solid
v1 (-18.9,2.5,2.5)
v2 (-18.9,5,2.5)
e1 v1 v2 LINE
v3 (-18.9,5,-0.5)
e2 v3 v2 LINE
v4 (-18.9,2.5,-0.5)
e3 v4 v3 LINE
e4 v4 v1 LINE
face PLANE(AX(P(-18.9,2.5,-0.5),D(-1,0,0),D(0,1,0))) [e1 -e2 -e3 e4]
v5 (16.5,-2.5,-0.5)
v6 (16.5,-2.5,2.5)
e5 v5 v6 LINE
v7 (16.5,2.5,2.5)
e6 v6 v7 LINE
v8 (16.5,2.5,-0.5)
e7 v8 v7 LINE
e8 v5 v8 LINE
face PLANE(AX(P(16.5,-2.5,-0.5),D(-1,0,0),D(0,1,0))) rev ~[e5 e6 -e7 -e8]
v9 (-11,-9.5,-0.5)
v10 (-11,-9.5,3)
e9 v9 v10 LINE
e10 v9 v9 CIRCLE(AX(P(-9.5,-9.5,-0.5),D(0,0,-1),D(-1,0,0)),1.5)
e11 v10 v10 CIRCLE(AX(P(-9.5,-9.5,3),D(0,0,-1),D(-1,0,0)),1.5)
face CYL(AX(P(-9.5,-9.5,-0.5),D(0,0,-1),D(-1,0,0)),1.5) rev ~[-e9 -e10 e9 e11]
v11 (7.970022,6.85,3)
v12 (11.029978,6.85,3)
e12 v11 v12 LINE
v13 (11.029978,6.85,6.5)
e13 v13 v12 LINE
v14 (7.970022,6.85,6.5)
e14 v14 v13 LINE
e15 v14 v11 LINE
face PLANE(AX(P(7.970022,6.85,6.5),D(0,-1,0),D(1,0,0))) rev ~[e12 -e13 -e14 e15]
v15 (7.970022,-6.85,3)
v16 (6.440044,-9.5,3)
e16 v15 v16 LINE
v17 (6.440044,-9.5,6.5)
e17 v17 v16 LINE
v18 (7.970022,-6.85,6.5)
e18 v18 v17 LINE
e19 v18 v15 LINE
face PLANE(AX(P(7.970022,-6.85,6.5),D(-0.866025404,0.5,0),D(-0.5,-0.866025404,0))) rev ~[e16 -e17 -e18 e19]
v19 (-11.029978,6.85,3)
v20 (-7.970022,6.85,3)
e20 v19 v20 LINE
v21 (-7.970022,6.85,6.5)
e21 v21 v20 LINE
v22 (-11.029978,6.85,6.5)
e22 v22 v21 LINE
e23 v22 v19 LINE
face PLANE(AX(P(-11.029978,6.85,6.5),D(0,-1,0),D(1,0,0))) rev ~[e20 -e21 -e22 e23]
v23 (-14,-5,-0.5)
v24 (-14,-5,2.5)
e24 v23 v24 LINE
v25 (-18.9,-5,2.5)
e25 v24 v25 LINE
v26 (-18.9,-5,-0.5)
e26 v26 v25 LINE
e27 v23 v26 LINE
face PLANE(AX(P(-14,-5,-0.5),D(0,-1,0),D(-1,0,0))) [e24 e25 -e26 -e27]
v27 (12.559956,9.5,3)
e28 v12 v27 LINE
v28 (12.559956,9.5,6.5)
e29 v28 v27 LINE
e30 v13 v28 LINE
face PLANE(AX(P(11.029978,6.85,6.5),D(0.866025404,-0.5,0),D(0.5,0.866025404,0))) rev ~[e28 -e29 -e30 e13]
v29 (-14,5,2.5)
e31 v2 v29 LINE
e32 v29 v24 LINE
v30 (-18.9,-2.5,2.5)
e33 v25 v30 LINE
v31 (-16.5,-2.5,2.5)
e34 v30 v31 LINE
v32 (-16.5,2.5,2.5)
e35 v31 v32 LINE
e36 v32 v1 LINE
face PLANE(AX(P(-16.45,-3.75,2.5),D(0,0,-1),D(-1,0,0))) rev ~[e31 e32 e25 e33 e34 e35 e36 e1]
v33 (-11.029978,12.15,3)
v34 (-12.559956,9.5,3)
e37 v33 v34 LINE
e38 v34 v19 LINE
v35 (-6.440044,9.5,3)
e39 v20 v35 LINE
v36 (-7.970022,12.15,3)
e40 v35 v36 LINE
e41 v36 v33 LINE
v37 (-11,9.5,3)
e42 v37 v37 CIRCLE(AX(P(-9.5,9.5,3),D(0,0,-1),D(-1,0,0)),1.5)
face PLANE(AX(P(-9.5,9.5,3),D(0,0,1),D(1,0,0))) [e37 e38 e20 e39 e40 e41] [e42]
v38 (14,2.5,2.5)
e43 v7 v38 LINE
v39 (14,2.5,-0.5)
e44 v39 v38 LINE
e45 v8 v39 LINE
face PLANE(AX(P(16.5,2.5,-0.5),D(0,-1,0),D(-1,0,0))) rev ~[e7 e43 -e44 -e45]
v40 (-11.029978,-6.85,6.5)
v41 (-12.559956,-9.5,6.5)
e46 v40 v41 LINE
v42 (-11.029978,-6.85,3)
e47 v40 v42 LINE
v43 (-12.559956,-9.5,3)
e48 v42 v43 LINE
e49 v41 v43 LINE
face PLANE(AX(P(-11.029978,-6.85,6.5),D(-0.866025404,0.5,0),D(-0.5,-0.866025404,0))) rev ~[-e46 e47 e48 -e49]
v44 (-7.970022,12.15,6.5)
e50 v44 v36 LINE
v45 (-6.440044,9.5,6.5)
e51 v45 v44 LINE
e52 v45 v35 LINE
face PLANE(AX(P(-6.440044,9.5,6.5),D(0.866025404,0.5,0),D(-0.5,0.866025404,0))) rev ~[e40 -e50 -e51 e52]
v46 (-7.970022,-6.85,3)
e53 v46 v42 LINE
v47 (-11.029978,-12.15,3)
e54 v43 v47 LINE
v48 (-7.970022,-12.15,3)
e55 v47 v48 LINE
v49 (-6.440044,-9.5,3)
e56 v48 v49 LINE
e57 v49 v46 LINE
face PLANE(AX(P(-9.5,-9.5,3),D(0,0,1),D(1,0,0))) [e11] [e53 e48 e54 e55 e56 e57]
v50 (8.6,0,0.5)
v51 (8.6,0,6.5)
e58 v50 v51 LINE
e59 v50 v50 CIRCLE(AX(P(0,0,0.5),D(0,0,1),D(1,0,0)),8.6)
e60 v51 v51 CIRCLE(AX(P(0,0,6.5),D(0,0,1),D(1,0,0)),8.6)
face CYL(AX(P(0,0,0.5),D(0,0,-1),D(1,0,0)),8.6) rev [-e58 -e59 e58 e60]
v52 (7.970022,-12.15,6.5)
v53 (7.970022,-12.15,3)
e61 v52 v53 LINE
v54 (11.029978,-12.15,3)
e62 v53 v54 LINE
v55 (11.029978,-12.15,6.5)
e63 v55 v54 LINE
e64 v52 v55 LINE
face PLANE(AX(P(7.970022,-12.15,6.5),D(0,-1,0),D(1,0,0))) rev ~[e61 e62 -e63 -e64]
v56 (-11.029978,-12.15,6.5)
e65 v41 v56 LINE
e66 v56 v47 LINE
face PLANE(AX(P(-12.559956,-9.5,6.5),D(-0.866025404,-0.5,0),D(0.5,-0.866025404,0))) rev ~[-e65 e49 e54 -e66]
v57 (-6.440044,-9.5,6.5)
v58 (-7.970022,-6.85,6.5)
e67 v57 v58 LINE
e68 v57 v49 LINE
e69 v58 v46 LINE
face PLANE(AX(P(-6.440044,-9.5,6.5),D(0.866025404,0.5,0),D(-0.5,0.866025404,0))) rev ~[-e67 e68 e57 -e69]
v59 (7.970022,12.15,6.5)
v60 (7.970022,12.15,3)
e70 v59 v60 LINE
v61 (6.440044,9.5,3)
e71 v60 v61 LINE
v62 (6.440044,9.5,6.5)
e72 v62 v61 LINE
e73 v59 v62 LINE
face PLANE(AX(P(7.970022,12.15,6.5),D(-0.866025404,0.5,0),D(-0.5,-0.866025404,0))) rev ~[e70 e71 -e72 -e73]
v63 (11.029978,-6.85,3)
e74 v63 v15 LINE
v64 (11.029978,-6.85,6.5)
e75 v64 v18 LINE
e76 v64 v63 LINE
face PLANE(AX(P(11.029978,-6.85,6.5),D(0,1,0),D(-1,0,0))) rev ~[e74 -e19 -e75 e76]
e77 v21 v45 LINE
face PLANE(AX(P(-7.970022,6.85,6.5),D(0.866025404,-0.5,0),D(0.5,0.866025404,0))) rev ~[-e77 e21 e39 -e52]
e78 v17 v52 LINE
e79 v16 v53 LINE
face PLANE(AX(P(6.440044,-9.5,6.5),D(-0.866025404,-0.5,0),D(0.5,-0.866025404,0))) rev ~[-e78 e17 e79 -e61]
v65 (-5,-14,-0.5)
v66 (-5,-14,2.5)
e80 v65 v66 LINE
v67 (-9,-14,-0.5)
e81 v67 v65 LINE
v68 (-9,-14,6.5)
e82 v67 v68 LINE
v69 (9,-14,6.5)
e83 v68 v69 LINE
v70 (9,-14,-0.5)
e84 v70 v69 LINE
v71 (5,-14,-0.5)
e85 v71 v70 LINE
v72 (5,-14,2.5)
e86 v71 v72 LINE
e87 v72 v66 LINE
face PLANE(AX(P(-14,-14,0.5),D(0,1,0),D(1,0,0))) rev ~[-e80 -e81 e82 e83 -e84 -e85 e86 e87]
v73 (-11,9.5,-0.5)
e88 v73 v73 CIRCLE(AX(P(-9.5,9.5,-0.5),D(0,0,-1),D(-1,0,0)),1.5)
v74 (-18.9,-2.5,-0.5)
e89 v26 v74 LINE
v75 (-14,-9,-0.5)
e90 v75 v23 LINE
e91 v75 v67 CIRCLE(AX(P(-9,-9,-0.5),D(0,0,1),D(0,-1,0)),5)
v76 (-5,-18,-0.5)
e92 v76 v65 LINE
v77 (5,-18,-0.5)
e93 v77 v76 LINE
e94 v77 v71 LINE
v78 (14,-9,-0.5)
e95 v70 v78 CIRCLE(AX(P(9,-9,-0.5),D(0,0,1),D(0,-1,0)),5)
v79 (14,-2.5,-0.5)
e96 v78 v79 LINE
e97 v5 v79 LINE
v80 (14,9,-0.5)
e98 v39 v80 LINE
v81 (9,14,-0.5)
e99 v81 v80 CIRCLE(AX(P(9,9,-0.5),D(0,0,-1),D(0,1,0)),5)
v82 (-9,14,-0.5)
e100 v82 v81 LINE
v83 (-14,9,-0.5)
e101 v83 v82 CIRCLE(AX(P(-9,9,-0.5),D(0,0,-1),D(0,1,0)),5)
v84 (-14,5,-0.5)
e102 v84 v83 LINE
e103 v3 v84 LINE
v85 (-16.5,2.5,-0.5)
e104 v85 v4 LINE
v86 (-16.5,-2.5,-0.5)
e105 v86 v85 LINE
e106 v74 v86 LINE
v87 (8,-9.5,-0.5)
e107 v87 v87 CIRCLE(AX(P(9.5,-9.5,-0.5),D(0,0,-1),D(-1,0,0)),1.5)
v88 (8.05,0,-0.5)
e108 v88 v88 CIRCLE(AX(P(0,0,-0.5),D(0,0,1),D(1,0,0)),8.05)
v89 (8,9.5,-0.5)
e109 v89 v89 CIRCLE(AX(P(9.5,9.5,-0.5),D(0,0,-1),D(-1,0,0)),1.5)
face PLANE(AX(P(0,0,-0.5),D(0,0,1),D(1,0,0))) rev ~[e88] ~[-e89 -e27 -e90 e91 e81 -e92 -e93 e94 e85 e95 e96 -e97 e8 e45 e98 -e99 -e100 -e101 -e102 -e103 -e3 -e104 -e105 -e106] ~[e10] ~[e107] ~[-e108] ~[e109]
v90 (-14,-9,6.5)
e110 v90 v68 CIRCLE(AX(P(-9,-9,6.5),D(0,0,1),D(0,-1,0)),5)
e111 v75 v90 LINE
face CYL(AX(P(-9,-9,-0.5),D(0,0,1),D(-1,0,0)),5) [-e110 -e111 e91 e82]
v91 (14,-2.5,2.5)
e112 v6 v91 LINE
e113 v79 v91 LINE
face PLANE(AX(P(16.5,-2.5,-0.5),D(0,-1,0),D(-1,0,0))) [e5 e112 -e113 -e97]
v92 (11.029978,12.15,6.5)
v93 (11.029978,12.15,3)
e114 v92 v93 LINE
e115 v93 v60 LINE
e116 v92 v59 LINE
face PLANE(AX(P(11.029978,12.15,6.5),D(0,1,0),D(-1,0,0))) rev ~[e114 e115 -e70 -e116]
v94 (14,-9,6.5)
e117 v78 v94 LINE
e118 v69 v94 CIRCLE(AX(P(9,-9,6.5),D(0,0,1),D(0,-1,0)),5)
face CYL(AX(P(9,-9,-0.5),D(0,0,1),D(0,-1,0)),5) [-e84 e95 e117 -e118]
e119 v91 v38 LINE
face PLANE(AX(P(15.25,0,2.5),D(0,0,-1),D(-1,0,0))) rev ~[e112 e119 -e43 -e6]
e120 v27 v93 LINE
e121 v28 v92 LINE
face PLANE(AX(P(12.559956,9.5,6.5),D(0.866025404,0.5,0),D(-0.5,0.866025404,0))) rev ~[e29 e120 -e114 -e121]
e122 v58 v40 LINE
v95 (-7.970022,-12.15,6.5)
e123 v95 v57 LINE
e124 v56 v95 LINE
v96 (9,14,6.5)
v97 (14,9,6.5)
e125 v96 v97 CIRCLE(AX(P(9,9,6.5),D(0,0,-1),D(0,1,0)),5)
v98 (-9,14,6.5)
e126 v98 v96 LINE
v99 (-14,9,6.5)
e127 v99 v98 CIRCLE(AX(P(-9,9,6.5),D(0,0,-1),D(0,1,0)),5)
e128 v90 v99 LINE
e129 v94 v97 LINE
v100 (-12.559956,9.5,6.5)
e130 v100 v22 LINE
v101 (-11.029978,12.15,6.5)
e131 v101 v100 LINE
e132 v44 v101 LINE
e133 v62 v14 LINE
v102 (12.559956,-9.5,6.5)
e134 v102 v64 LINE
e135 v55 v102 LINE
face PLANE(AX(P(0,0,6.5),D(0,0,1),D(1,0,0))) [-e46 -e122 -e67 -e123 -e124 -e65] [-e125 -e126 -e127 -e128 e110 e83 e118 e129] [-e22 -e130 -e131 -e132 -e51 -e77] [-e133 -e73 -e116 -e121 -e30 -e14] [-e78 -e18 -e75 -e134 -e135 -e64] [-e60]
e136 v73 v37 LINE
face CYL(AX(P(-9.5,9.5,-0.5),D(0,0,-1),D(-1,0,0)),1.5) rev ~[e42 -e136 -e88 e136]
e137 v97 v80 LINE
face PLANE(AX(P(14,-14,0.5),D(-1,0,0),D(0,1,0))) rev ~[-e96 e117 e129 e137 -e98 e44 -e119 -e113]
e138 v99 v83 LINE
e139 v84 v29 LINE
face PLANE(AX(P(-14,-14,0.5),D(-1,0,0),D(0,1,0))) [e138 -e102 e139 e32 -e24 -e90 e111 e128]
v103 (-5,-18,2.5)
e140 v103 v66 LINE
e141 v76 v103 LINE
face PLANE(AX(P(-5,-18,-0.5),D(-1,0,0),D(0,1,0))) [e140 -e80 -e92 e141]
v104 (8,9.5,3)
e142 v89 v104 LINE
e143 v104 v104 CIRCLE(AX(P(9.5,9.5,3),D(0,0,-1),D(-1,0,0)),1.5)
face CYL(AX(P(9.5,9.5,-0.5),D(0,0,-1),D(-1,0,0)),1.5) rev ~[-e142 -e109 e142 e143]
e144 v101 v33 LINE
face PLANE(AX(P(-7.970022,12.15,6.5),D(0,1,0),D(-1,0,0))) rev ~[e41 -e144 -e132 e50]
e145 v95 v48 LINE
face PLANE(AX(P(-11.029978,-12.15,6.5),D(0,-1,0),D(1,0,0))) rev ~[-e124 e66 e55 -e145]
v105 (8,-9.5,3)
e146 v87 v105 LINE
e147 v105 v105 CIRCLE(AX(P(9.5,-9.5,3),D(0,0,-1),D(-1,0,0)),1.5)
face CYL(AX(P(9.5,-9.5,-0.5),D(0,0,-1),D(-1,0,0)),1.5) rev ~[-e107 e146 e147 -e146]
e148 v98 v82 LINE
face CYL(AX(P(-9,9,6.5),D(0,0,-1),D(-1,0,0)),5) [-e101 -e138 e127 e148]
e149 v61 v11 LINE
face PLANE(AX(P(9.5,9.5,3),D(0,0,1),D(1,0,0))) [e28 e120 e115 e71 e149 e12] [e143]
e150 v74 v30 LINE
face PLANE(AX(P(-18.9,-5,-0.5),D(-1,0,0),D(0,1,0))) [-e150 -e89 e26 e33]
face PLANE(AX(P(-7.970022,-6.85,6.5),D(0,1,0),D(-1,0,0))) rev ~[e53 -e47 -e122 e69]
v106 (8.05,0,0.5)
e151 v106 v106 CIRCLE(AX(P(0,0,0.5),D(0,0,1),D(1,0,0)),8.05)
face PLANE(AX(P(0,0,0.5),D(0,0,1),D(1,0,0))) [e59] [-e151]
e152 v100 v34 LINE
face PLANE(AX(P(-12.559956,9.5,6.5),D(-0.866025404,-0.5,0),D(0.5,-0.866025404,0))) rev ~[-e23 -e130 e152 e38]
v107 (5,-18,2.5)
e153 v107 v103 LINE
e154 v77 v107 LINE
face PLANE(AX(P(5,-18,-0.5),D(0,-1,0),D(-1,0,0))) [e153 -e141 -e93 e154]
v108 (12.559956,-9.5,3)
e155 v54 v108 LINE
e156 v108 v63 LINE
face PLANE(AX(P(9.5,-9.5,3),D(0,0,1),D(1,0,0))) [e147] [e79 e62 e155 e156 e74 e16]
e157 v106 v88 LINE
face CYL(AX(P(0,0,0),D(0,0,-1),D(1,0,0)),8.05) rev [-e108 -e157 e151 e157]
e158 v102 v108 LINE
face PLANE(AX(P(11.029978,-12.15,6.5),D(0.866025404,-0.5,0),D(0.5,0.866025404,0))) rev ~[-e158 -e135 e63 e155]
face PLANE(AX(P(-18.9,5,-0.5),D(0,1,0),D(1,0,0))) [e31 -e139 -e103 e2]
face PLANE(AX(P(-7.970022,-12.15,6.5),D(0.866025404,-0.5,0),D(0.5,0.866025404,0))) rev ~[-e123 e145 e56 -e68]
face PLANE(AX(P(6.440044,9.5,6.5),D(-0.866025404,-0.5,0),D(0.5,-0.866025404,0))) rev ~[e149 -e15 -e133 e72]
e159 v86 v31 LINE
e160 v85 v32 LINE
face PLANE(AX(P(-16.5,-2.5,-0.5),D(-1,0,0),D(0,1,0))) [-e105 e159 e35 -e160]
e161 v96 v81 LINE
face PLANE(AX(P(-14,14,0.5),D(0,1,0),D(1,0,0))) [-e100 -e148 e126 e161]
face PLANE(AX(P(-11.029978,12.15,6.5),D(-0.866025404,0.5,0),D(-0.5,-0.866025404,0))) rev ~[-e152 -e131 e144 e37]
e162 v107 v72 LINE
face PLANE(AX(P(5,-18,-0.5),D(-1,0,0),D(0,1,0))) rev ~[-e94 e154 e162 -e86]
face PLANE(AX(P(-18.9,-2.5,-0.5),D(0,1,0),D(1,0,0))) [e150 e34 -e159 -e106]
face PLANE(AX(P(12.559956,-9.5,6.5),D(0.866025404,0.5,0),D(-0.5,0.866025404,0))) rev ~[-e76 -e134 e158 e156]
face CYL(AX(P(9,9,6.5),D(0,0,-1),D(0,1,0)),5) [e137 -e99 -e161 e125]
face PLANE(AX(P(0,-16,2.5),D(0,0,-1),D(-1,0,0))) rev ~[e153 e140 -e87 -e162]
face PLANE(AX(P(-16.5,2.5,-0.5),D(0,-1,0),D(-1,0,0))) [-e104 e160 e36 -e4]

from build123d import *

# Parameters (mm, degrees)
CROQUIS1_W              = 28
CROQUIS1_H              = 28
CROQUIS1_R              = 8.05
SALIENTE_EXTRUIR1_DEPTH = 0.5
CROQUIS2_W              = 28
CROQUIS2_H              = 28
CROQUIS2_R              = 8.6
SALIENTE_EXTRUIR2_DEPTH = 6
CORTAR_EXTRUIR1_DEPTH   = 3.5
CROQUIS6_R              = 1.5
CORTAR_EXTRUIR2_DEPTH   = 23.5
CROQUIS7_W              = 2.5
CROQUIS7_H              = 5
CROQUIS7_W_2            = 10
CROQUIS7_H_2            = 4
SALIENTE_EXTRUIR3_DEPTH = 3
REDONDEO1_R             = 5


with BuildPart() as part:
    # Croquis1 → Saliente-Extruir1 (new, symmetric)
    with BuildSketch(Plane.XY):
        Rectangle(CROQUIS1_W, CROQUIS1_H)
        Circle(CROQUIS1_R, mode=Mode.SUBTRACT)
    extrude(amount=SALIENTE_EXTRUIR1_DEPTH, both=True)

    # Croquis2 → Saliente-Extruir2 (add)
    with BuildSketch(Plane.XY.offset(0.5)):
        Rectangle(CROQUIS2_W, CROQUIS2_H)
        Circle(CROQUIS2_R, mode=Mode.SUBTRACT)
    extrude(amount=SALIENTE_EXTRUIR2_DEPTH)

    # Croquis3 → Cortar-Extruir1 (cut)
    with BuildSketch(Plane.XY.offset(6.5)):
        Polygon((11.029978213, 12.15), (7.970021787, 12.15), (6.440043573, 9.5), (7.970021787, 6.85), (11.029978213, 6.85), (12.559956427, 9.5), align=None)
        Polygon((-6.440043573, 9.5), (-7.970021787, 12.15), (-11.029978213, 12.15), (-12.559956427, 9.5), (-11.029978213, 6.85), (-7.970021787, 6.85), align=None)
        Polygon((-7.970021787, -6.85), (-11.029978213, -6.85), (-12.559956427, -9.5), (-11.029978213, -12.15), (-7.970021787, -12.15), (-6.440043573, -9.5), align=None)
        Polygon((11.029978213, -6.85), (7.970021787, -6.85), (6.440043573, -9.5), (7.970021787, -12.15), (11.029978213, -12.15), (12.559956427, -9.5), align=None)
    extrude(amount=-CORTAR_EXTRUIR1_DEPTH, mode=Mode.SUBTRACT)

    # Croquis6 → Cortar-Extruir2 (cut)
    with BuildSketch(Plane(origin=(0, 0, -0.5), x_dir=(-1, 0, 0), z_dir=(0, 0, -1))):
        with Locations((-9.5, 9.5)):
            Circle(CROQUIS6_R)
        with Locations((9.5, 9.5)):
            Circle(CROQUIS6_R)
        with Locations((9.5, -9.5)):
            Circle(CROQUIS6_R)
        with Locations((-9.5, -9.5)):
            Circle(CROQUIS6_R)
    extrude(amount=-CORTAR_EXTRUIR2_DEPTH, mode=Mode.SUBTRACT)

    # Croquis7 → Saliente-Extruir3 (add)
    with BuildSketch(Plane(origin=(0, 0, -0.5), x_dir=(-1, 0, 0), z_dir=(0, 0, -1))):
        with Locations((-15.25, 0)):
            Rectangle(CROQUIS7_W, CROQUIS7_H)
        with Locations((0, -16)):
            Rectangle(CROQUIS7_W_2, CROQUIS7_H_2)
        Polygon((14, -2.5), (14, -5), (18.9, -5), (18.9, -2.5), (16.5, -2.5), align=None)
        with Locations((15.25, 0)):
            Rectangle(CROQUIS7_W, CROQUIS7_H)
        Polygon((14, 5), (14, 2.5), (16.5, 2.5), (18.9, 2.5), (18.9, 5), align=None)
    extrude(amount=-SALIENTE_EXTRUIR3_DEPTH)

    # Redondeo1
    redondeo1_edges = [part.edges().sort_by_distance(p)[0] for p in [
        (14, -14, 3),
        (-14, -14, 3),
        (-14, 14, 3),
        (14, 14, 3),
    ]]
    fillet(redondeo1_edges, radius=REDONDEO1_R)


solid = part.part
